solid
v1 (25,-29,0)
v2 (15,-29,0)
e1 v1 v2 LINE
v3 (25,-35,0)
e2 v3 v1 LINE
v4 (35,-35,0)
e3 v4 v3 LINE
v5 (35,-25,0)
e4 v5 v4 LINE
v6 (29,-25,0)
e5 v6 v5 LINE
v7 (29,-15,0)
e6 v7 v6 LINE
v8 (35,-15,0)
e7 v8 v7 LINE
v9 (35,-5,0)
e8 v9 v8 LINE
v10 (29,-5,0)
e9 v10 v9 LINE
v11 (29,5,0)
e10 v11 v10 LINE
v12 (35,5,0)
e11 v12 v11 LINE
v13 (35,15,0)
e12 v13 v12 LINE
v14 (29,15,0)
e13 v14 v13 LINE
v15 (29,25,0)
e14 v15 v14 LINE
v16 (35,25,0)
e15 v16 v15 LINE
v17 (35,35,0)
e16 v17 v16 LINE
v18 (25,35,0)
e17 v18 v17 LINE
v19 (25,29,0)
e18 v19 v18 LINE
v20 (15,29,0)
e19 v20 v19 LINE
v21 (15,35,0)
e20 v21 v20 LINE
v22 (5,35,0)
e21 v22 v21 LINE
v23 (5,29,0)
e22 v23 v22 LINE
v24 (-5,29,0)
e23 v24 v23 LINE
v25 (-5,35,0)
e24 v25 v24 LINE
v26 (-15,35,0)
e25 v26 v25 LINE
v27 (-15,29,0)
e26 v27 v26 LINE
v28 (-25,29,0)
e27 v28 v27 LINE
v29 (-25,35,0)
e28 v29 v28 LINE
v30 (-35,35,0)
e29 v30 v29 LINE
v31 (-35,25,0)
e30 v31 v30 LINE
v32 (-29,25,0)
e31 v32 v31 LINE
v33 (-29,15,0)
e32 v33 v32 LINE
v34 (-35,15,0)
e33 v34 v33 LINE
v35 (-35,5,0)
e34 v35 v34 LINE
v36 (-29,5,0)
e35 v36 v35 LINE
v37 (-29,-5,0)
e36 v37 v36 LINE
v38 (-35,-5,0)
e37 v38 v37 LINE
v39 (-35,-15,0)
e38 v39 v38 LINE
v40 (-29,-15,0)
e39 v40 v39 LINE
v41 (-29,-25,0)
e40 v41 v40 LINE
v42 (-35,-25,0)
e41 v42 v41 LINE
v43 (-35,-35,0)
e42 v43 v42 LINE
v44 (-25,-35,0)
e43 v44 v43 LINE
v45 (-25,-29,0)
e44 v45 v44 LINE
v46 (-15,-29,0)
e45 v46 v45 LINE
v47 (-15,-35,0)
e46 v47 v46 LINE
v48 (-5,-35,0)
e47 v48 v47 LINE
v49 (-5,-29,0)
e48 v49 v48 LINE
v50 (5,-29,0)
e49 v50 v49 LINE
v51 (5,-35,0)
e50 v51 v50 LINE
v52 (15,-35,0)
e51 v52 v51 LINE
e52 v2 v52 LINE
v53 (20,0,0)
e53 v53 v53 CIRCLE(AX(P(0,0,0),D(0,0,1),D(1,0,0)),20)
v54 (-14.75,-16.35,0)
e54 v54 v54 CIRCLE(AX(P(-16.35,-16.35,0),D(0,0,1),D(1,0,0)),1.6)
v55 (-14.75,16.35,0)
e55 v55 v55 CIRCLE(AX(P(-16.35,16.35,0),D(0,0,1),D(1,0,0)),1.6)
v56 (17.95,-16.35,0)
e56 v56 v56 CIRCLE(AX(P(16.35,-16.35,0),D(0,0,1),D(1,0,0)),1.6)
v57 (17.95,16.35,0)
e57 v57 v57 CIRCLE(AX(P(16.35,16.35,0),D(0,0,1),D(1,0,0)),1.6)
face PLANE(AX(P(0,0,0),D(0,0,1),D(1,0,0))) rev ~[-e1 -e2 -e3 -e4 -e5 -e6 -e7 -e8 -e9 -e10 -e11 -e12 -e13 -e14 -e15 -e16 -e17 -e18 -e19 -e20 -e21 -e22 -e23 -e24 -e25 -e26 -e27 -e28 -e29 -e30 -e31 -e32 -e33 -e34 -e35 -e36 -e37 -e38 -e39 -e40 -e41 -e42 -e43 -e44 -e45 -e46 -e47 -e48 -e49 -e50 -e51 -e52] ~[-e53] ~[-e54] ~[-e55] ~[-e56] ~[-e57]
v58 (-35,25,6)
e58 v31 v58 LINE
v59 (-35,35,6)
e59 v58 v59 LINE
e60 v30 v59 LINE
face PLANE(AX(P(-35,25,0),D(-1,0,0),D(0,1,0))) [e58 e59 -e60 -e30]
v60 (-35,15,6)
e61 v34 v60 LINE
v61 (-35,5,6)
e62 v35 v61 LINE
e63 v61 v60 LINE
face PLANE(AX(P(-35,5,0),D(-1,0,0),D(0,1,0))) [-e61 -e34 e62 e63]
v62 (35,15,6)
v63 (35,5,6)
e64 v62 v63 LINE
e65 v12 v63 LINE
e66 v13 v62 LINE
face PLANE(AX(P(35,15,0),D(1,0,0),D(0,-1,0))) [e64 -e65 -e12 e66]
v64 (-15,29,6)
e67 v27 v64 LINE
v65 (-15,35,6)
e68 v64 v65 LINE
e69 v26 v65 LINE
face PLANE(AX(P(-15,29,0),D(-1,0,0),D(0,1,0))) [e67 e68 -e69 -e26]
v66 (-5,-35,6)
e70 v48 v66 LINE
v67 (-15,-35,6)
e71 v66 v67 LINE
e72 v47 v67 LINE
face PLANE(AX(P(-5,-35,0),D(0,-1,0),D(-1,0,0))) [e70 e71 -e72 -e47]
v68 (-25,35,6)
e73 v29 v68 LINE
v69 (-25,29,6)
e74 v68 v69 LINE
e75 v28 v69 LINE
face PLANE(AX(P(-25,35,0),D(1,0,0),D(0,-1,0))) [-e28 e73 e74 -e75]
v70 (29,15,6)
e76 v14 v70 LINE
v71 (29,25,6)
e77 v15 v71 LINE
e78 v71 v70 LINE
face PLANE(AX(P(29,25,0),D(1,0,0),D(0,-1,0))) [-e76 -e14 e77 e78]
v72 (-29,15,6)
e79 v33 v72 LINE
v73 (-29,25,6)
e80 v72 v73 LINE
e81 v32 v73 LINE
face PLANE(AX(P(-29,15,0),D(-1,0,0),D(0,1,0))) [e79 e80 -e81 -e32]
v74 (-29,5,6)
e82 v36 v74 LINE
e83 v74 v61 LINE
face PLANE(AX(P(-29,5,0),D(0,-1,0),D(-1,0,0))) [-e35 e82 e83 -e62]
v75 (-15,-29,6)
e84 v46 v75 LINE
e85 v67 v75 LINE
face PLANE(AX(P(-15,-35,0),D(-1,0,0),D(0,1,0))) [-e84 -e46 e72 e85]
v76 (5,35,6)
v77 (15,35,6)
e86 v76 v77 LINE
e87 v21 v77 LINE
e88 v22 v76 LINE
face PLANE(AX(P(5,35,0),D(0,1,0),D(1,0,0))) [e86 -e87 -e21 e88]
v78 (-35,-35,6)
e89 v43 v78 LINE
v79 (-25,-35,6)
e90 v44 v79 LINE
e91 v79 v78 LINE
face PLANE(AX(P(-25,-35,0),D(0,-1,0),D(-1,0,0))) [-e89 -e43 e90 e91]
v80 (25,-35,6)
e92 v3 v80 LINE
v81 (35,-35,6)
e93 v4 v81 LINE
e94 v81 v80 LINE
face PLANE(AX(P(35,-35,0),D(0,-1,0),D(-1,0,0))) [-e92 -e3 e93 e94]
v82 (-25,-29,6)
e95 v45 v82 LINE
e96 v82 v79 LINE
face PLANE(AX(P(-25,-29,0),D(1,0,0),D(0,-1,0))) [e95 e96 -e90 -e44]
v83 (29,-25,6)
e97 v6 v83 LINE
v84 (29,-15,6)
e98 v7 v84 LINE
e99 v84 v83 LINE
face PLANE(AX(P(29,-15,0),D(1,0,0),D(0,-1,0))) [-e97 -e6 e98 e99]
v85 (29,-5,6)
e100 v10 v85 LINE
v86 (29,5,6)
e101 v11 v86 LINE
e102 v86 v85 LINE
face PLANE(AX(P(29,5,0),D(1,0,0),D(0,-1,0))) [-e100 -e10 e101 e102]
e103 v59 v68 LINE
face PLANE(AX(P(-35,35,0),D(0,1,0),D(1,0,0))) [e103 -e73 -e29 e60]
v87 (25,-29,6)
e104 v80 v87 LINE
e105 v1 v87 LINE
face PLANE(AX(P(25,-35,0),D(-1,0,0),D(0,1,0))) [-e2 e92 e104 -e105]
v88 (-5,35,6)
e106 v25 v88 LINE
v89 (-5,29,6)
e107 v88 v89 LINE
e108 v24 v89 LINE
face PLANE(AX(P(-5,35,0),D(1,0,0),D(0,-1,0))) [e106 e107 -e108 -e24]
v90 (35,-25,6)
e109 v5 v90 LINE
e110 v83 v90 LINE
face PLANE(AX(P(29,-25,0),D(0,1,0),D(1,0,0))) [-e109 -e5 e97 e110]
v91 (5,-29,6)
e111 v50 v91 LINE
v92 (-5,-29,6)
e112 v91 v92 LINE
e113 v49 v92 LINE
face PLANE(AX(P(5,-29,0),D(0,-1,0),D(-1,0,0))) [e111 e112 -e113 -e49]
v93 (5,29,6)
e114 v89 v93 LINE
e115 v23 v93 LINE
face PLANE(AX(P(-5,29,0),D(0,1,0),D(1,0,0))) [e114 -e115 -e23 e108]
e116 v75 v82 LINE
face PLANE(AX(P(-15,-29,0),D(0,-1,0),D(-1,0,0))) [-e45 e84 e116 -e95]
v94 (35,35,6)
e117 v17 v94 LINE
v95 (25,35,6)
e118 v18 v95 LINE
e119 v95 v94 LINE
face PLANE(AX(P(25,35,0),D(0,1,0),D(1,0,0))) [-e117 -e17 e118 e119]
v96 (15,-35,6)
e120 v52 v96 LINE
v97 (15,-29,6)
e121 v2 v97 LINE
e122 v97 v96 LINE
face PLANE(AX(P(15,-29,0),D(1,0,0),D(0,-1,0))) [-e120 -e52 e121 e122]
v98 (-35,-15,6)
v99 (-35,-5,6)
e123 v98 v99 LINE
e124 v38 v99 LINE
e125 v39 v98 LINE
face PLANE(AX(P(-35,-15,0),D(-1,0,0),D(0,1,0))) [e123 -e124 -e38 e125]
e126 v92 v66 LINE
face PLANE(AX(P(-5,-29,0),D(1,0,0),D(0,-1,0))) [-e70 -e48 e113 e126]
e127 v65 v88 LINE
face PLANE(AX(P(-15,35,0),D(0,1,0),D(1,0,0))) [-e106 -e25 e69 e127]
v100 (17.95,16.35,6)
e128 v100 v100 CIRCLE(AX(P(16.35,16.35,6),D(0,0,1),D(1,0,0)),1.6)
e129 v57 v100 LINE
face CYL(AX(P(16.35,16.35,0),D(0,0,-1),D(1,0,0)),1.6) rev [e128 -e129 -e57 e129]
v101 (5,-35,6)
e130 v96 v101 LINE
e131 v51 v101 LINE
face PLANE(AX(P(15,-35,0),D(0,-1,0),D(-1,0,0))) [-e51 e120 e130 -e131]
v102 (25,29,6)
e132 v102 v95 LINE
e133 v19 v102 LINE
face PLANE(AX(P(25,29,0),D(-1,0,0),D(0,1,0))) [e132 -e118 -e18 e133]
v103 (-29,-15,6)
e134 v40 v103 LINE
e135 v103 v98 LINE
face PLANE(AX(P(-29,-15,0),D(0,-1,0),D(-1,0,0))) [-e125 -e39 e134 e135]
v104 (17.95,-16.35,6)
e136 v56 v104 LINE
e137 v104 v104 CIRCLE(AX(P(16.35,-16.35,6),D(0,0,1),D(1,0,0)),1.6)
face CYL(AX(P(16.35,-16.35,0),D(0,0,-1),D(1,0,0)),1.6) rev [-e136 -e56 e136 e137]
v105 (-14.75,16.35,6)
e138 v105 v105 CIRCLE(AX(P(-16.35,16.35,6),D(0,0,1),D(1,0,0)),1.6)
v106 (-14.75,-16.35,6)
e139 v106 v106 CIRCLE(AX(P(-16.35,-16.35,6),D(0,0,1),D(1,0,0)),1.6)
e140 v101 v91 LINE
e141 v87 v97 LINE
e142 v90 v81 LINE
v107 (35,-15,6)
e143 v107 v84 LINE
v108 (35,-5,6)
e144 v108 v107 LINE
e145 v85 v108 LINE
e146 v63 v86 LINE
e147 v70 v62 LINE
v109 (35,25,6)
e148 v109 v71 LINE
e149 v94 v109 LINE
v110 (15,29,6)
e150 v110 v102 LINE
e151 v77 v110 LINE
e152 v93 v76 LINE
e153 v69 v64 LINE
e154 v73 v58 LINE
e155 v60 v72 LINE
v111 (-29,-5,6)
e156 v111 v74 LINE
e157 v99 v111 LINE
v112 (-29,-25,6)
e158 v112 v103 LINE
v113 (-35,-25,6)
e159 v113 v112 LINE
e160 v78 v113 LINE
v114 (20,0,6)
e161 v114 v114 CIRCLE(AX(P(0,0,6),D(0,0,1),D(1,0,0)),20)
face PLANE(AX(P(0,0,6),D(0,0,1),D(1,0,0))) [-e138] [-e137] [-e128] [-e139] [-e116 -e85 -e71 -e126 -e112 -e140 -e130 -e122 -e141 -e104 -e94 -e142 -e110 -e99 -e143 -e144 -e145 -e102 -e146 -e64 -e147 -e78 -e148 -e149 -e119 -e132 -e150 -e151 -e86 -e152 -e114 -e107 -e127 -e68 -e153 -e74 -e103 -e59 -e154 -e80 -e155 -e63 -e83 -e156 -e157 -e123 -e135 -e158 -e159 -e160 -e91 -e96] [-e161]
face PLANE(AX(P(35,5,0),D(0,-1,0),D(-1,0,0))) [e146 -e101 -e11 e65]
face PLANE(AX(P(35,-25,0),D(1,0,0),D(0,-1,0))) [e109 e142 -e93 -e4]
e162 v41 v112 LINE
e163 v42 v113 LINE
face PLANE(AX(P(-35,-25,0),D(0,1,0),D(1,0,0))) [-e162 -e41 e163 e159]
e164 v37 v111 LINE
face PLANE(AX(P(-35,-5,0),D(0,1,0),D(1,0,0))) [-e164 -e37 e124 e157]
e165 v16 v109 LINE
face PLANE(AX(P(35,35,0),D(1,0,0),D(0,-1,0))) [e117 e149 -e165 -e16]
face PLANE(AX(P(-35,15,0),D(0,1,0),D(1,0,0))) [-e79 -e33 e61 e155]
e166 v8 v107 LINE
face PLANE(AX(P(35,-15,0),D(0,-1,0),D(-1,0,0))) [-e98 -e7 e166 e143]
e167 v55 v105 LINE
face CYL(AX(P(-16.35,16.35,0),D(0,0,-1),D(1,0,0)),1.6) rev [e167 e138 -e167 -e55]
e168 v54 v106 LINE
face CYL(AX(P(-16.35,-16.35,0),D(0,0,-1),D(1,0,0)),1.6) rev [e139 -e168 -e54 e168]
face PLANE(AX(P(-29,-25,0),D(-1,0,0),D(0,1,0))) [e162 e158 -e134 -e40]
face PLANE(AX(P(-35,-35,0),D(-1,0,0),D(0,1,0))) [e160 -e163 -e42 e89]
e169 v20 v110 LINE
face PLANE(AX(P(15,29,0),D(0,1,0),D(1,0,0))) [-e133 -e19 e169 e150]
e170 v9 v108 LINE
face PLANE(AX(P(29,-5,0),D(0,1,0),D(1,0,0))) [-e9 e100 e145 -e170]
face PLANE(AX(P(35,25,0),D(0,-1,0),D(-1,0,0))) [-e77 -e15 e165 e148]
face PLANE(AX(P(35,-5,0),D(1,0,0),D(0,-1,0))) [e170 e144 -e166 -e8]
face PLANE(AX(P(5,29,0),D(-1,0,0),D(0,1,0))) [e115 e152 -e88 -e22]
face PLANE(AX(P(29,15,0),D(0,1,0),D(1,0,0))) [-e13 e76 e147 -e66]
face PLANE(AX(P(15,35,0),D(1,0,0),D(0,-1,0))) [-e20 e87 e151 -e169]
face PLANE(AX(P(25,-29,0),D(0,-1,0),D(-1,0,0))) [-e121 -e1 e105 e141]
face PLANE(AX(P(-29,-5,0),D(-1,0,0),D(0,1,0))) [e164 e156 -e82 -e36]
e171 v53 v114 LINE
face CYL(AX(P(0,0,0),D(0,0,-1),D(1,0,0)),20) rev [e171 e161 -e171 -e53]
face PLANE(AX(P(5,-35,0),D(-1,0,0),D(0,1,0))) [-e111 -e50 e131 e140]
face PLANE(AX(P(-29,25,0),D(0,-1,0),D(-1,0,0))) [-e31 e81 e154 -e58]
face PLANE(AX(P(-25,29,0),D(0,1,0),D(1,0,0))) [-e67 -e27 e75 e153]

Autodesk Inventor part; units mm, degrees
ref_plane "YZ Plane" through (0, 0, 0) normal (1, 0, 0) x (0, 1, 0)
ref_plane "XZ Plane" through (0, 0, 0) normal (0, 1, 0) x (-1, 0, 0)
ref_plane "XY Plane" through (0, 0, 0) normal (0, 0, 1) x (1, 0, 0)
sketch "Sketch1" plane through (0, 0, 0) normal (0, 0, 1) x (1, 0, 0)
  circle A0 centre (0, 0) radius 20
  line L0 (-35, 35) -> (35, 35)
  line L1 (35, 35) -> (35, -35)
  line L2 (35, -35) -> (-35, -35)
  line L3 (-35, -35) -> (-35, 35)
  line L4 (-35, 35) -> (35, -35) construction
  line L5 (35, 35) -> (-35, -35) construction
  circle A1 centre (-16.35, 16.35) radius 1.6
  circle A2 centre (16.35, 16.35) radius 1.6
  circle A3 centre (-16.35, -16.35) radius 1.6
  circle A4 centre (16.35, -16.35) radius 1.6
  line L6 (35, 5) -> (29, 5)
  line L7 (29, 5) -> (29, -5)
  line L8 (29, -5) -> (35, -5)
  line L9 (35, -5) -> (35, 5)
  line L10 (35, -15) -> (29, -15)
  line L11 (29, -25) -> (35, -25)
  line L12 (29, -15) -> (29, -25)
  line L13 (35, -25) -> (35, -15)
  line L14 (35, 25) -> (29, 25)
  line L15 (29, 15) -> (35, 15)
  line L16 (29, 25) -> (29, 15)
  line L17 (35, 15) -> (35, 25)
  line L18 (35, 5) -> (29, 5)
  line L19 (29, -5) -> (35, -5)
  line L20 (29, 5) -> (29, -5)
  line L21 (35, -5) -> (35, 5)
  line L22 (0, 35) -> (0, -35) construction
  line L23 (-35, 0) -> (35, 0) construction
  line L24 (5, 29) -> (5, 35)
  line L25 (5, 29) -> (5, 35)
  line L26 (-5, 29) -> (5, 29)
  line L27 (5, 35) -> (-5, 35)
  line L28 (15, 29) -> (25, 29)
  line L29 (25, 35) -> (15, 35)
  line L30 (-5, 35) -> (-5, 29)
  line L31 (-5, 35) -> (-5, 29)
  line L32 (25, 29) -> (25, 35)
  line L33 (-5, 29) -> (5, 29)
  line L34 (15, 35) -> (15, 29)
  line L35 (5, 35) -> (-5, 35)
  line L36 (-15, 29) -> (-15, 35)
  line L37 (-25, 35) -> (-25, 29)
  line L38 (-15, 35) -> (-25, 35)
  line L39 (-25, 29) -> (-15, 29)
  line L40 (-29, 5) -> (-35, 5)
  line L41 (-29, 5) -> (-35, 5)
  line L42 (-29, -5) -> (-29, 5)
  line L43 (-35, 5) -> (-35, -5)
  line L44 (-29, 15) -> (-29, 25)
  line L45 (-35, 25) -> (-35, 15)
  line L46 (-35, -5) -> (-29, -5)
  line L47 (-35, -5) -> (-29, -5)
  line L48 (-29, 25) -> (-35, 25)
  line L49 (-29, -5) -> (-29, 5)
  line L50 (-35, 15) -> (-29, 15)
  line L51 (-35, 5) -> (-35, -5)
  line L52 (-29, -15) -> (-35, -15)
  line L53 (-35, -25) -> (-29, -25)
  line L54 (-35, -15) -> (-35, -25)
  line L55 (-29, -25) -> (-29, -15)
  line L56 (-5, -29) -> (-5, -35)
  line L57 (-5, -29) -> (-5, -35)
  line L58 (5, -29) -> (-5, -29)
  line L59 (-5, -35) -> (5, -35)
  line L60 (-15, -29) -> (-25, -29)
  line L61 (-25, -35) -> (-15, -35)
  line L62 (5, -35) -> (5, -29)
  line L63 (5, -35) -> (5, -29)
  line L64 (-25, -29) -> (-25, -35)
  line L65 (5, -29) -> (-5, -29)
  line L66 (-15, -35) -> (-15, -29)
  line L67 (-5, -35) -> (5, -35)
  line L68 (15, -29) -> (15, -35)
  line L69 (25, -35) -> (25, -29)
  line L70 (15, -35) -> (25, -35)
  line L71 (25, -29) -> (15, -29)
  point P0 (29, 0)
  point P1 (29, -20)
  point P2 (35, -20)
  point P3 (29, 20)
  point P4 (35, 20)
  point P5 (29, 0)
  point P6 (0, 29)
  point P7 (20, 35)
  point P8 (20, 29)
  point P9 (0, 29)
  point P10 (0, 35)
  point P11 (0, 35)
  point P12 (-20, 29)
  point P13 (-20, 35)
  point P14 (-29, 0)
  point P15 (-35, 20)
  point P16 (-29, 20)
  point P17 (-29, 0)
  point P18 (-35, 0)
  point P19 (-35, 0)
  point P20 (-29, -20)
  point P21 (-35, -20)
  point P22 (0, -29)
  point P23 (-20, -35)
  point P24 (-20, -29)
  point P25 (0, -29)
  point P26 (0, -35)
  point P27 (0, -35)
  point P28 (20, -29)
  point P29 (20, -35)
  dimension "d0" = 40
  dimension "d1" = 70
  dimension "d2" = 70
  dimension "d3" = 32.7
  dimension "d4" = 3.2
  dimension "d5" = 6
  dimension "d6" = 10
  dimension "d9" = 20
  dimension "d12" = 20
  dimension "d17" = 360
extrude "Extrusion1" add sketch "Sketch1" along normal blind 6 contours L0 L37 L39 L36 L30 L26 L24 L34 L28 L32 L1 L14 L16 L15 L6 L7 L8 L10 L12 L11 L2 L69 L71 L68 L62 L58 L56 L66 L60 L64 L3 L53 L55 L52 L46 L42 L40 L50 L44 L48
equation "\"d9\" = 2 * d6"
equation "\"d12\" = 2 * d6"
equation "\"BendRadius\" = Thickness"
equation "\"BendReliefWidth\" = Thickness"
equation "\"BendReliefDepth\" = 0.5 * Thickness"
equation "\"CornerReliefSize\" = 4 * Thickness"
equation "\"MinimumRemnant\" = 2 * Thickness"
equation "\"TransitionRadius\" = BendRadius"
equation "\"JacobiRadiusSize\" = Thickness"
equation "\"GapSize\" = Thickness"
equation "\"Thickness\" = 0.5"
properties part number "joystick behuizing boevnzijde" material "Wood (Birch)"
